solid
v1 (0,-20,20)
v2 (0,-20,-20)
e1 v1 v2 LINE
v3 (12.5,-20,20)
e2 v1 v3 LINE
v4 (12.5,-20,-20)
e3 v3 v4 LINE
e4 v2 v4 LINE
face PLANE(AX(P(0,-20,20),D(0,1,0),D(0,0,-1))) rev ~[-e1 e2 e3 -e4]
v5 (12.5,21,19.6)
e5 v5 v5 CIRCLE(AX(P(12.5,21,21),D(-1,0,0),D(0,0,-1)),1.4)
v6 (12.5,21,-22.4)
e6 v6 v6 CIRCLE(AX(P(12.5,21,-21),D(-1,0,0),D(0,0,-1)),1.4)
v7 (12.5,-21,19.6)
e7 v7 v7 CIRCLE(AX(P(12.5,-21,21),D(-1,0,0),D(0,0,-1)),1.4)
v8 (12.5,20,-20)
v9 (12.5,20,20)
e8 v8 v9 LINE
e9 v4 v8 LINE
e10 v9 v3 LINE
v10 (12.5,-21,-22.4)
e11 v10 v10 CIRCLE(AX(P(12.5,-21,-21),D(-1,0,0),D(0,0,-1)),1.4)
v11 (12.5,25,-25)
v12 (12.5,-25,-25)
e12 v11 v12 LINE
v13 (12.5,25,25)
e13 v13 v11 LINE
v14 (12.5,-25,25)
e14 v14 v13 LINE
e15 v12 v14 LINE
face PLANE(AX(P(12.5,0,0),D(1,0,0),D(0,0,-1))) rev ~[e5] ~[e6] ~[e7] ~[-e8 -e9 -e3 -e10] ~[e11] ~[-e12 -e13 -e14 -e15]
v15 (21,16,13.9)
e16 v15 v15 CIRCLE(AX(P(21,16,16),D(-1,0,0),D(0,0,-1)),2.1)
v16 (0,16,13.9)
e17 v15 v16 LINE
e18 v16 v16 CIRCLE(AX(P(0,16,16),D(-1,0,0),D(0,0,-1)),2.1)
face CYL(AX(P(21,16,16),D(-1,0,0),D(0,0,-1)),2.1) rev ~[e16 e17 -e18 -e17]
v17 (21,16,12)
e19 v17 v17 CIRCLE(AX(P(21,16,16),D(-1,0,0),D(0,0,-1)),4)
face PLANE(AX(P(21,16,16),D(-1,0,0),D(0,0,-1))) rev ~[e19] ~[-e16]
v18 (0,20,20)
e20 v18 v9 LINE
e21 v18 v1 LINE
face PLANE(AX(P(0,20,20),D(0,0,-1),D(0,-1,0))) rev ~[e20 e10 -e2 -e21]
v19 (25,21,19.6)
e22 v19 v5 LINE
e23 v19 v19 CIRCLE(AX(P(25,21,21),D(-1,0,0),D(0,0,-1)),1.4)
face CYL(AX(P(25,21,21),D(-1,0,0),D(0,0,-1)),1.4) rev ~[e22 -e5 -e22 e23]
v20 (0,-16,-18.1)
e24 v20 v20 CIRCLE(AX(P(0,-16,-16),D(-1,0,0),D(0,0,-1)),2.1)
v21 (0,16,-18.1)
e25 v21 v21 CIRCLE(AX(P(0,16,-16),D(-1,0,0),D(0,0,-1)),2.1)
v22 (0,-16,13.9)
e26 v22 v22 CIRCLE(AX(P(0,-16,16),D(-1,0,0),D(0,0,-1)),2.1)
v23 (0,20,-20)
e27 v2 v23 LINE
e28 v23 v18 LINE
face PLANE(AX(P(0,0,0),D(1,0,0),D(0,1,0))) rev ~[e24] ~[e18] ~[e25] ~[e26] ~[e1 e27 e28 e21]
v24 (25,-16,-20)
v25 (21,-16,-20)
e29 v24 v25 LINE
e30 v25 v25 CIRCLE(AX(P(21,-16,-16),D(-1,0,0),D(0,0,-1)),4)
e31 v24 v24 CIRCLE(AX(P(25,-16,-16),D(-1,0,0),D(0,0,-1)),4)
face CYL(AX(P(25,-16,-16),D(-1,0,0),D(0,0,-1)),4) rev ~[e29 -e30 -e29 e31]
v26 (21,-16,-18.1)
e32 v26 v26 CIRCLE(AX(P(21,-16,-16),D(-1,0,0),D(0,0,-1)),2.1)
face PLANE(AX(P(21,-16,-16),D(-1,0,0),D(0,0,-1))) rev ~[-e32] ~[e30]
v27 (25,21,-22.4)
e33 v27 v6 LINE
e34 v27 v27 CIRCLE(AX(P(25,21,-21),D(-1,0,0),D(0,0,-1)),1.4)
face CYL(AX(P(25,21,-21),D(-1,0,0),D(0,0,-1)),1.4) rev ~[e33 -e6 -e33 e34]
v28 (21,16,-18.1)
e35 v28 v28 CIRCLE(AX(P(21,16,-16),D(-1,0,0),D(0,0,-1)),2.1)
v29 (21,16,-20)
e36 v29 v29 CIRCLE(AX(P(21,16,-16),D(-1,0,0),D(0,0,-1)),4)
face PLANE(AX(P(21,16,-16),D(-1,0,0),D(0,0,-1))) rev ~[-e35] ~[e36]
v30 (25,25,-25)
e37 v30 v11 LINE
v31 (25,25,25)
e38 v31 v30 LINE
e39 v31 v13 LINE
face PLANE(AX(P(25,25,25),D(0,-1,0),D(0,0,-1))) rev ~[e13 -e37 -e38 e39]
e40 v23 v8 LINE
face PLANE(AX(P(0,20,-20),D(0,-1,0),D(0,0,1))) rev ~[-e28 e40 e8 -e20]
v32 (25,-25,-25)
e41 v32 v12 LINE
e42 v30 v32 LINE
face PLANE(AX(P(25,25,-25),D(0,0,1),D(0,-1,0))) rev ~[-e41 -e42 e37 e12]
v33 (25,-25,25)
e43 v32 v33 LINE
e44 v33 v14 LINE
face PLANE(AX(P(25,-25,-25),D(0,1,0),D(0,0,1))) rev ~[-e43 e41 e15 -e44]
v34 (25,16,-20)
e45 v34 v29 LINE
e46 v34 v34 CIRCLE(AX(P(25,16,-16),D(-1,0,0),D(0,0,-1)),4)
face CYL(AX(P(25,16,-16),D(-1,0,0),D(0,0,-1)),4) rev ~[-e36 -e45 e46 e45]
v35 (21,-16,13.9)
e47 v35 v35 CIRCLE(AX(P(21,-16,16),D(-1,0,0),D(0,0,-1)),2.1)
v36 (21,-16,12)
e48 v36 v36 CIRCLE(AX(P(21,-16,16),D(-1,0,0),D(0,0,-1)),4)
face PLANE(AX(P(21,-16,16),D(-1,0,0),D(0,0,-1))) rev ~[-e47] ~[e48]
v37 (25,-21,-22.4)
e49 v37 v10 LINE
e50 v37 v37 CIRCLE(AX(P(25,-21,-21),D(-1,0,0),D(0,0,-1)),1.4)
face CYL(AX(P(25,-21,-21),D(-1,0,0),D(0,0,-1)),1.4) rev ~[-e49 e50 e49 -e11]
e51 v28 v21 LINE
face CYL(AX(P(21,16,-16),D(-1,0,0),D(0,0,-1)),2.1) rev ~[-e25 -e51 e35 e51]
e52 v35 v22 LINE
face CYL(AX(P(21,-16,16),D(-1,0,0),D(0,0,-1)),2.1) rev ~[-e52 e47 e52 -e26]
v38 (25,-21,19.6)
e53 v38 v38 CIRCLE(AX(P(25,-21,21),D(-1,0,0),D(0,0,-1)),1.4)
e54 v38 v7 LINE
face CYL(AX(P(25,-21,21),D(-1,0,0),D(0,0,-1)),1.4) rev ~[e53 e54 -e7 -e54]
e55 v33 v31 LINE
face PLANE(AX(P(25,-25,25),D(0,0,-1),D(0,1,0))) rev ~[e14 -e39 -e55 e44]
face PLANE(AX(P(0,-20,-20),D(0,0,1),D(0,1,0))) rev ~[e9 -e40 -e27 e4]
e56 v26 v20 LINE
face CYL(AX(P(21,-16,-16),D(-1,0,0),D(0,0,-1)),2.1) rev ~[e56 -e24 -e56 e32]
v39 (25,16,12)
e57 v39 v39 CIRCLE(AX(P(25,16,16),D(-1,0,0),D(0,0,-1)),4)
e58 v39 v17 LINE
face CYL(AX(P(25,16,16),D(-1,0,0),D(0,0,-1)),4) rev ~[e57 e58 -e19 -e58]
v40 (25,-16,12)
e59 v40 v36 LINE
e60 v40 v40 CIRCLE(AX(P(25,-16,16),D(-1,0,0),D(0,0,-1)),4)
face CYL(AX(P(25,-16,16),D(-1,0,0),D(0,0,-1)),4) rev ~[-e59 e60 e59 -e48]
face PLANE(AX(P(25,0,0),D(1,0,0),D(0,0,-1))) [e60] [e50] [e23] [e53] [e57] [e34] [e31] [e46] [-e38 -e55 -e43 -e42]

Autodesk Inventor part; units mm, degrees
ref_plane "YZ Plane" through (0, 0, 0) normal (1, 0, 0) x (0, 1, 0)
ref_plane "XZ Plane" through (0, 0, 0) normal (0, 1, 0) x (-1, 0, 0)
ref_plane "XY Plane" through (0, 0, 0) normal (0, 0, 1) x (1, 0, 0)
sketch "Skizze1" plane through (0, 0, 0) normal (1, 0, 0) x (0, 1, 0)
  line L0 (20, 20) -> (-20, 20)
  line L1 (-20, 20) -> (-20, -20)
  line L2 (-20, -20) -> (20, -20)
  line L3 (20, -20) -> (20, 20)
  line L4 (20, 20) -> (-20, -20) construction
  line L5 (-20, 20) -> (20, -20) construction
  point P0 (0, 0)
  dimension "d0" = 40
  dimension "d1" = 40
extrude "Extrusion1" add sketch "Skizze1" along normal blind 25
sketch "Skizze2" plane through (25, 0, 0) normal (1, 0, 0) x (0, 0, -1)
  line L0 (-25, 25) -> (25, 25)
  line L1 (25, 25) -> (25, -25)
  line L2 (25, -25) -> (-25, -25)
  line L3 (-25, -25) -> (-25, 25)
  line L4 (-25, 25) -> (25, -25) construction
  line L5 (25, 25) -> (-25, -25) construction
  point P0 (0, 0)
  dimension "d4" = 50
  dimension "d5" = 50
extrude "Extrusion2" add sketch "Skizze2" against normal blind 12.5
sketch "Skizze3" plane through (25, 0, 0) normal (1, 0, 0) x (0, 0, -1)
  point P0 (0, 0)
  point P1 (21, -21)
  point P2 (-21, -21)
  point P3 (-21, 21)
  point P4 (21, 21)
  point P5 (16, -16)
  point P6 (-16, -16)
  point P7 (-16, 16)
  point P8 (16, 16)
hole "Bohrung1" at (25, -21, -21) at (25, -21, 21) at (25, 21, 21) at (25, 21, -21) at (25, -16, -16) at (25, -16, 16) at (25, 16, 16) at (25, 16, -16) direction (-1, 0, 0) diameter 2.8 depth 230
sketch "Skizze4" plane through (25, 0, 0) normal (1, 0, 0) x (0, 0, -1)
  circle A0 centre (-16, 16) radius 1.4 projected
  circle A1 centre (16, -16) radius 1.4 projected
  circle A2 centre (-21, 21) radius 1.4 projected
  circle A3 centre (21, -21) radius 1.4 projected
  circle A4 centre (-21, -21) radius 1.4 projected
  circle A5 centre (21, 21) radius 1.4 projected
  circle A6 centre (-16, -16) radius 1.4 projected
  circle A7 centre (16, 16) radius 1.4 projected
  line L0 (-25, -25) -> (25, -25) projected
  line L1 (25, -25) -> (25, 25) projected
  line L2 (25, 25) -> (-25, 25) projected
  line L3 (-25, 25) -> (-25, -25) projected
  circle A8 centre (-16, 16) radius 1.4 projected
  circle A9 centre (16, 16) radius 1.4 projected
  circle A10 centre (16, -16) radius 1.4 projected
  point P0 (0, 0)
hole "Bohrung2" at (25, 16, 16) at (25, 16, -16) at (25, -16, -16) at (25, -16, 16) direction (-1, 0, 0) diameter 4.2 depth 230 counterbore diameter 8 counterbore depth 4
properties part number "OCT_SpiegelAdapter_MovingSt."
